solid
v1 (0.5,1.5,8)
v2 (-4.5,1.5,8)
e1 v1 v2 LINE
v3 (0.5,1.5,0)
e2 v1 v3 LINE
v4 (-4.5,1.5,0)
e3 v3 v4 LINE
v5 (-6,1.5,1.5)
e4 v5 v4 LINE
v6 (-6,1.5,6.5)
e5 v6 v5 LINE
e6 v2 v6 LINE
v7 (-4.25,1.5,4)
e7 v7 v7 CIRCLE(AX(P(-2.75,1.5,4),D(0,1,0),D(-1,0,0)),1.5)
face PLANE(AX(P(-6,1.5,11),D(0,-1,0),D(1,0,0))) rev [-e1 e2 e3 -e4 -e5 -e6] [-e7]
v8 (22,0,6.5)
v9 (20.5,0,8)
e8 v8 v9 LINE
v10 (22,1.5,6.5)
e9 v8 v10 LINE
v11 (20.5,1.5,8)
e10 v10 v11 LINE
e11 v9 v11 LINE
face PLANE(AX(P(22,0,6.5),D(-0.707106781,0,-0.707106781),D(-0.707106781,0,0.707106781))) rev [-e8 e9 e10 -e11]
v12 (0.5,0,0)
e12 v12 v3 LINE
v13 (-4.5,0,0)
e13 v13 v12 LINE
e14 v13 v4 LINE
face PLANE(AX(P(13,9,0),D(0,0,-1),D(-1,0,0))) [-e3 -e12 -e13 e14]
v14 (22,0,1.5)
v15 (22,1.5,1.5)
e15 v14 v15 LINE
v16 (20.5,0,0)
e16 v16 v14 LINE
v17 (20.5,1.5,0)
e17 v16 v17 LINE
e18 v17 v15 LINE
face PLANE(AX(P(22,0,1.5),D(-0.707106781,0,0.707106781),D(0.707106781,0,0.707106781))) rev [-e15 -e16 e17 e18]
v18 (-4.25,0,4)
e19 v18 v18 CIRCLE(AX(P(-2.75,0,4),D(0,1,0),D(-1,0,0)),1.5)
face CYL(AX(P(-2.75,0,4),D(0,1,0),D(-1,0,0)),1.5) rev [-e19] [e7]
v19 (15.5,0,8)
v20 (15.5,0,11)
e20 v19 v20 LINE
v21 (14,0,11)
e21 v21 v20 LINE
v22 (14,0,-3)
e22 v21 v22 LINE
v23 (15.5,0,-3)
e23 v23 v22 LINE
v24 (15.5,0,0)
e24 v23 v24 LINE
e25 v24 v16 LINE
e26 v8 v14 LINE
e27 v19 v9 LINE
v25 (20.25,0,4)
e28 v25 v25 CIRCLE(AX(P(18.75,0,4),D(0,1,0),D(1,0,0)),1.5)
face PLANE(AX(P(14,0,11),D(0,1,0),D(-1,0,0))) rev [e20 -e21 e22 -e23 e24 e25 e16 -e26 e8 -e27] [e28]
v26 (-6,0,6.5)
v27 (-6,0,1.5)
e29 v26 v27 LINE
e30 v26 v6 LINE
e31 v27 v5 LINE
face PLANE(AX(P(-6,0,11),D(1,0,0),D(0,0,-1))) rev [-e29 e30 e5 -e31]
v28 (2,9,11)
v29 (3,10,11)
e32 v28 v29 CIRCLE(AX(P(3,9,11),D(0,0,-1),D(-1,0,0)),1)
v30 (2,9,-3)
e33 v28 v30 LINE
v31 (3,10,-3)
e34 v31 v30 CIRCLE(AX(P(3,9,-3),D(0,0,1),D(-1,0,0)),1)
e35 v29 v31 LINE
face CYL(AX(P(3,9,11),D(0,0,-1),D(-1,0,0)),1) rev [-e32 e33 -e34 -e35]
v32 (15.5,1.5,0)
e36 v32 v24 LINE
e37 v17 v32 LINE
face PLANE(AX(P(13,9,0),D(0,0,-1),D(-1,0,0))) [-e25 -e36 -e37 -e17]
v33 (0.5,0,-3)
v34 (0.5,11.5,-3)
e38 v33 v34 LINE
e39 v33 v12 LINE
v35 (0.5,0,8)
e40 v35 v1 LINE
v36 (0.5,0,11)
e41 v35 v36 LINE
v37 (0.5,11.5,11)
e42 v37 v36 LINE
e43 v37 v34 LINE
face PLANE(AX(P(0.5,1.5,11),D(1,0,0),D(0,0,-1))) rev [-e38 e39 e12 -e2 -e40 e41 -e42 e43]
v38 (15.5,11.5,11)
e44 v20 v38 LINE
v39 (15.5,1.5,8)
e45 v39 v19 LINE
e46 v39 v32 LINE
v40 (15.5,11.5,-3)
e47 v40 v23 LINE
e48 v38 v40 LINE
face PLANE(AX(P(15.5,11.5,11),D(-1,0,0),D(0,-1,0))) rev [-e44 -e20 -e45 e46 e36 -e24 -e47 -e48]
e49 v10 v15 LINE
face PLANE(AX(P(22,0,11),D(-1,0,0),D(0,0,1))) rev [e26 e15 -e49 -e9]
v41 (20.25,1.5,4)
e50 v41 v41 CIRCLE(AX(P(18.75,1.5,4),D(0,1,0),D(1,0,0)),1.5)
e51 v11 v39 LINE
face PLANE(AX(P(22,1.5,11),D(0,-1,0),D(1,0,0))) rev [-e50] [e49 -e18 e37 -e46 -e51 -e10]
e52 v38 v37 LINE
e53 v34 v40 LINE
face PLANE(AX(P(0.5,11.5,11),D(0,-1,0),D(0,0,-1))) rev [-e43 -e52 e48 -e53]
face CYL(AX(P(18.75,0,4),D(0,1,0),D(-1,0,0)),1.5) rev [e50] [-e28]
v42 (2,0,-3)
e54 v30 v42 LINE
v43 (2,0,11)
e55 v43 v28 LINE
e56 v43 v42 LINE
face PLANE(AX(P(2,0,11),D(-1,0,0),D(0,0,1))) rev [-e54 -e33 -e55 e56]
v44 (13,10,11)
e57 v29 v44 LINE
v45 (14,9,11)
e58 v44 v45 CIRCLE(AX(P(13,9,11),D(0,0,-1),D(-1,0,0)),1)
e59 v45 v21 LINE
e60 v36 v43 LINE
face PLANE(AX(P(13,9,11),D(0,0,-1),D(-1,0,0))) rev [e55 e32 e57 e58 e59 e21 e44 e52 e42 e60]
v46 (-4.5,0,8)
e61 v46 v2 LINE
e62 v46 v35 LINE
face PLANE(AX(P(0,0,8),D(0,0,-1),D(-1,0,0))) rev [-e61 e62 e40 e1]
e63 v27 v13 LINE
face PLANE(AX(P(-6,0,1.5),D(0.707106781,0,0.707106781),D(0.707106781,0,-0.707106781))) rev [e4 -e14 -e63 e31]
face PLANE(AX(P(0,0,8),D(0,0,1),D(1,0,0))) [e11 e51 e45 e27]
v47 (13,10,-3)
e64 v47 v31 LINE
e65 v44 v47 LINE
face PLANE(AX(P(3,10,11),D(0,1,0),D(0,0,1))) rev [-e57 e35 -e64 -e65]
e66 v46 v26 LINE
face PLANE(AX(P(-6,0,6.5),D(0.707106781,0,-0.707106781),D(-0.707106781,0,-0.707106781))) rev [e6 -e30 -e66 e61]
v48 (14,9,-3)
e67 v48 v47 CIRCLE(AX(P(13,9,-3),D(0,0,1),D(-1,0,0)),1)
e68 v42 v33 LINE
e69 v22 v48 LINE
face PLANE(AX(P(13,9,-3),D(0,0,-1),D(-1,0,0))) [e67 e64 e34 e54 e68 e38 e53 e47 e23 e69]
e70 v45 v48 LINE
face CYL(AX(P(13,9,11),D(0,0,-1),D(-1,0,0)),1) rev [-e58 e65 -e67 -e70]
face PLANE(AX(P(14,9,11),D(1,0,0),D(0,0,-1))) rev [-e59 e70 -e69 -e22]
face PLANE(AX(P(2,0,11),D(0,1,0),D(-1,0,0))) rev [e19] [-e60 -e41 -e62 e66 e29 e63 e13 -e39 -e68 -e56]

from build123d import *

# Parameters (mm, degrees)
BOSS_EXTRUDE1_DEPTH = 11
SKETCH3_W           = 6.5
SKETCH3_H           = 1.5
CUT_EXTRUDE5_DEPTH  = 3
SKETCH6_R           = 1.5
CUT_EXTRUDE7_DEPTH  = 27.551836095
EXTRUDE_START       = 3
EXTRUDE_1_DEPTH     = 3


with BuildPart() as part:
    # Sketch1 → Boss-Extrude1 (new body)
    with BuildSketch(Plane.XY):
        with BuildLine():
            Line((0.5, 1.5), (0.5, 11.5))
            Line((0.5, 11.5), (15.5, 11.5))
            Line((15.5, 11.5), (15.5, 1.5))
            Line((15.5, 1.5), (22, 1.5))
            Line((22, 1.5), (22, 0))
            Line((22, 0), (14, 0))
            Line((14, 0), (14, 9))
            ThreePointArc((14, 9), (13.707106781, 9.707106781), (13, 10))
            Line((13, 10), (3, 10))
            ThreePointArc((3, 10), (2.292893219, 9.707106781), (2, 9))
            Line((2, 9), (2, 0))
            Line((2, 0), (-6, 0))
            Line((-6, 0), (-6, 1.5))
            Line((-6, 1.5), (0.5, 1.5))
        make_face()
    extrude(amount=BOSS_EXTRUDE1_DEPTH)

    # Sketch3 → Cut-Extrude5 (cut)
    with BuildSketch(Plane.XY.offset(11)):
        with Locations((-2.75, 0.75)):
            Rectangle(SKETCH3_W, SKETCH3_H)
        with Locations((18.75, 0.75)):
            Rectangle(SKETCH3_W, SKETCH3_H)
    extrude(amount=-CUT_EXTRUDE5_DEPTH, mode=Mode.SUBTRACT)

    # Sketch6 → Cut-Extrude7 (cut, through all)
    with BuildSketch(Plane(origin=(0, 1.5, 0), x_dir=(1, 0, 0), z_dir=(0, 1, 0))):
        with Locations(Location((-2.75, -4, 0), (0, 0, 180))):
            Circle(SKETCH6_R)
        with Locations((18.75, -4)):
            Circle(SKETCH6_R)
        Polygon((-6, -1.5), (-4.5, 0), (-6, 0), align=None)
        Polygon((20.5, 0), (22, 0), (22, -1.5), align=None)
        Polygon((22, -6.5), (20.5, -8), (22, -8), align=None)
        Polygon((-4.5, -8), (-6, -8), (-6, -6.5), align=None)
    extrude(amount=-CUT_EXTRUDE7_DEPTH, mode=Mode.SUBTRACT)

    # 草图1 → 凸台-拉伸1 (add)
    with BuildSketch(Plane(origin=(0, 0, 0), x_dir=(-1, 0, 0), z_dir=(0, 0, -1)).offset(EXTRUDE_START)):
        with BuildLine():
            Line((-0.5, 1.5), (-0.5, 0))
            Line((-0.5, 0), (-2, 0))
            Line((-2, 0), (-2, 9))
            ThreePointArc((-2, 9), (-2.292893219, 9.707106781), (-3, 10))
            Line((-3, 10), (-13, 10))
            ThreePointArc((-13, 10), (-13.707106781, 9.707106781), (-14, 9))
            Line((-14, 9), (-14, 0))
            Line((-14, 0), (-15.5, 0))
            Line((-15.5, 0), (-15.5, 1.5))
            Line((-15.5, 1.5), (-15.5, 11.5))
            Line((-15.5, 11.5), (-0.5, 11.5))
            Line((-0.5, 11.5), (-0.5, 1.5))
        make_face()
    extrude(amount=-EXTRUDE_1_DEPTH)


solid = part.part
